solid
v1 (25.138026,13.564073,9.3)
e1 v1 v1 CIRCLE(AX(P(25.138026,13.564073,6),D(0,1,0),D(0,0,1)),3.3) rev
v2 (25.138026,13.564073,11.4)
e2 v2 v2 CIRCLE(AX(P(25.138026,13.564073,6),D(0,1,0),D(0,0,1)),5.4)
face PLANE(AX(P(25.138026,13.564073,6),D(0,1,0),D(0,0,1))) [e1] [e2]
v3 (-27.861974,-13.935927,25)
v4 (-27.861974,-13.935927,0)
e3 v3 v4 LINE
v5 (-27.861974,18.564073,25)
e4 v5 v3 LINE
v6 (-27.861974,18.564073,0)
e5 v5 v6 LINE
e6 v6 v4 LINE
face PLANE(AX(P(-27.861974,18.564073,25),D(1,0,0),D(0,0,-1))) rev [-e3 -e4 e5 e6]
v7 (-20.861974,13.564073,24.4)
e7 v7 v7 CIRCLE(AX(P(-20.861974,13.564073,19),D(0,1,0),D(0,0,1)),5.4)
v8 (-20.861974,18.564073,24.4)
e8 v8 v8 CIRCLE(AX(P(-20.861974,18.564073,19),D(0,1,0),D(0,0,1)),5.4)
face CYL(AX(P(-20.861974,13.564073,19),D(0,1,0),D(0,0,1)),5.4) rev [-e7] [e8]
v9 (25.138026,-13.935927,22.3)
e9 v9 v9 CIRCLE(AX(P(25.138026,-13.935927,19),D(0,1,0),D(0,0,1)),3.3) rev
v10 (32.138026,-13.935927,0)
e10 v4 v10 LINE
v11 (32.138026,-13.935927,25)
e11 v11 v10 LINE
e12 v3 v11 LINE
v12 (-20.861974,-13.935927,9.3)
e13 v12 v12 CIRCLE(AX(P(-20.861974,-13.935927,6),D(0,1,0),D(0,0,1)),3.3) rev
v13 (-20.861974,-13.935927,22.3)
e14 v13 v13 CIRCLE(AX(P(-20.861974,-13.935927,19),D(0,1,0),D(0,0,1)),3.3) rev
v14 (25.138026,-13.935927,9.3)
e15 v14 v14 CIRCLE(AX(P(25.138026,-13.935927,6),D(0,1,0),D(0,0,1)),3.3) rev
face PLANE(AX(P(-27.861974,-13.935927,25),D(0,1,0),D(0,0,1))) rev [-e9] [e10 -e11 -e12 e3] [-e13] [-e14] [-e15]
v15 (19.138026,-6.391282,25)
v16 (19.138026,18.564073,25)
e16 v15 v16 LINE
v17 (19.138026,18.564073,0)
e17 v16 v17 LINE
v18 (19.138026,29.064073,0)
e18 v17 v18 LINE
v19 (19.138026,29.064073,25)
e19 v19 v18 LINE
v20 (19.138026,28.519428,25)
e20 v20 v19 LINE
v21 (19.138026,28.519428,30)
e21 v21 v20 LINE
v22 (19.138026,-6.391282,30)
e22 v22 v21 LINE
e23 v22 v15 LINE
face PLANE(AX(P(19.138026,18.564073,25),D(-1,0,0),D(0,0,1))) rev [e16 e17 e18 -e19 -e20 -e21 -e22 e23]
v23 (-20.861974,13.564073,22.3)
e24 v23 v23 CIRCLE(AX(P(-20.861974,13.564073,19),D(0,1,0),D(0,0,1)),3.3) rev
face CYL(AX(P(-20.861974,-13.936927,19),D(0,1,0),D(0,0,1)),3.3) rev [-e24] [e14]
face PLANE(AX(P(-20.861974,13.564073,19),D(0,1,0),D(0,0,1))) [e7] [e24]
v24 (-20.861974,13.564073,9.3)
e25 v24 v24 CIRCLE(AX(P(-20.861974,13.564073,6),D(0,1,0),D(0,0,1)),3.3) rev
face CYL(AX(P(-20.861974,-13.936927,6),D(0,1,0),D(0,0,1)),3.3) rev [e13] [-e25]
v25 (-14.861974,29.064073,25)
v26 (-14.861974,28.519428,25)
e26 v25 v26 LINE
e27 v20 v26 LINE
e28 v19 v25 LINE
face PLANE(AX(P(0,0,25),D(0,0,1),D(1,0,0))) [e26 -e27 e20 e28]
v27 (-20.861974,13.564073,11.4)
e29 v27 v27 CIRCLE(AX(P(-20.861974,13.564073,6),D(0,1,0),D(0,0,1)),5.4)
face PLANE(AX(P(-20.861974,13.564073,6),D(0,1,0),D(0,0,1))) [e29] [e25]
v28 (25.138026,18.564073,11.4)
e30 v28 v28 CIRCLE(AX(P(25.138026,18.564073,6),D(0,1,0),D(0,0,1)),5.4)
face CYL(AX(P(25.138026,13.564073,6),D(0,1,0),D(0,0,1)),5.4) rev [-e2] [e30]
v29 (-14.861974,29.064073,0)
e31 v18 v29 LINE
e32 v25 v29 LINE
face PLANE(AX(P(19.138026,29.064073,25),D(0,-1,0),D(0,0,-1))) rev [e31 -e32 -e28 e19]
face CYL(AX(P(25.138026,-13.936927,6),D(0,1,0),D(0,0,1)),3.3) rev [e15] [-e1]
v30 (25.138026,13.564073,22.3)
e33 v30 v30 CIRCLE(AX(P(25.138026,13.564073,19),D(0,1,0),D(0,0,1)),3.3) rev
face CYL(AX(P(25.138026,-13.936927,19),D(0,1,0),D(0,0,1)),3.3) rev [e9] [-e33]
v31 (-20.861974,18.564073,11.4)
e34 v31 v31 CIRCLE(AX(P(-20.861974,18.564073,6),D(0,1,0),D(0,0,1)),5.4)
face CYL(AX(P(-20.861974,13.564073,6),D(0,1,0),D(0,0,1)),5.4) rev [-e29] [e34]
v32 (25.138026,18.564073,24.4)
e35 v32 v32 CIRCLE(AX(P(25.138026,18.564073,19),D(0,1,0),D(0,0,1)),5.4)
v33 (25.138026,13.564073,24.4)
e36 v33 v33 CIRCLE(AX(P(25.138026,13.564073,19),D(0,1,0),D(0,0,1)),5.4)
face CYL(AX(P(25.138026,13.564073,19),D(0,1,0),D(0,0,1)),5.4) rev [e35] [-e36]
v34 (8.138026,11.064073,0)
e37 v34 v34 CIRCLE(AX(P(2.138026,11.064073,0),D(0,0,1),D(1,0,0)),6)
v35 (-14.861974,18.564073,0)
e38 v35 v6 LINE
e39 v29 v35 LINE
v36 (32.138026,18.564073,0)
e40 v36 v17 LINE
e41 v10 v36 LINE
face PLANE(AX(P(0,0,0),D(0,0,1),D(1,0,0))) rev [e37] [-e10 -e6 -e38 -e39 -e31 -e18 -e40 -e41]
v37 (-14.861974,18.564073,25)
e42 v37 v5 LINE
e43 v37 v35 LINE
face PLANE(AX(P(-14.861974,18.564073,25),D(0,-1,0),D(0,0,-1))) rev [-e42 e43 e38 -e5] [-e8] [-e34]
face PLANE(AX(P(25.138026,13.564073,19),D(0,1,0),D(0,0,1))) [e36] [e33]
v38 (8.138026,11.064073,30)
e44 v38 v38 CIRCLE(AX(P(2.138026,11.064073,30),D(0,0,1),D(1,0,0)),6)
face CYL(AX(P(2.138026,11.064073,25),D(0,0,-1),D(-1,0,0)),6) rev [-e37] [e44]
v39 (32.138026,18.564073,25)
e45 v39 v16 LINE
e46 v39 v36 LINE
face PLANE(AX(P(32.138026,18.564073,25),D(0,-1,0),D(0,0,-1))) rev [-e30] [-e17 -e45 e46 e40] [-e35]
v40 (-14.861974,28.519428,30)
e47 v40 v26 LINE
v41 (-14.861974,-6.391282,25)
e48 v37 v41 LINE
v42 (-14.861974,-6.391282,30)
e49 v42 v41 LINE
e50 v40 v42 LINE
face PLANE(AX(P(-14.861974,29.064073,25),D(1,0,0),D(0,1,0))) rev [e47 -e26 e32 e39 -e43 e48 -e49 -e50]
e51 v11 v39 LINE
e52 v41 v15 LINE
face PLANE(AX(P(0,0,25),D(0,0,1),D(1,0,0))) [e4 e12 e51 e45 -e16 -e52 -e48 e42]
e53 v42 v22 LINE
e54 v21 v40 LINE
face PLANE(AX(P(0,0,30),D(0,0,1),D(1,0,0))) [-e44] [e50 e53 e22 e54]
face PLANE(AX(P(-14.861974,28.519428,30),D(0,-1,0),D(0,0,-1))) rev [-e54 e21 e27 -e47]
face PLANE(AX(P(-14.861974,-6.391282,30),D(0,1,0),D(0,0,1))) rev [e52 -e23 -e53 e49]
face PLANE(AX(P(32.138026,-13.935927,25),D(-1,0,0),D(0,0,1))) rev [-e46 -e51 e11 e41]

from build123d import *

# Parameters (mm, degrees)
ESQUISSE1_R             = 6
BOSS_EXTRU_1_DEPTH      = 25
ENL_V_MAT_EXTRU_1_REACH = 54.097
ESQUISSE2_R             = 3.3
ESQUISSE3_R             = 5.4
ENL_V_MAT_EXTRU_2_DEPTH = 5
ESQUISSE4_W             = 34
ESQUISSE4_H             = 34.910709465
ESQUISSE4_R             = 6
BOSS_EXTRU_2_DEPTH      = 5


with BuildPart() as part:
    # Esquisse1 → Boss.-Extru.1 (new body)
    with BuildSketch(Plane.XY):
        Polygon((-27.861974124, -13.935926773), (32.138025876, -13.935926773), (32.138025876, 18.564073227), (19.138025876, 18.564073227), (19.138025876, 29.064073227), (-14.861974124, 29.064073227), (-14.861974124, 18.564073227), (-27.861974124, 18.564073227), align=None)
        with Locations((2.138025876, 11.064073227)):
            Circle(ESQUISSE1_R, mode=Mode.SUBTRACT)
    extrude(amount=BOSS_EXTRU_1_DEPTH)

    # Esquisse2 → Enlèv. mat.-Extru.1 (cut, up to next)
    with BuildSketch(Plane(origin=(0, 18.564073227, 0), x_dir=(1, 0, 0), z_dir=(0, 1, 0)), mode=Mode.PRIVATE) as enl_v_mat_extru_1_sk1:
        with Locations(Location((25.138025876, -19, 0), (0, 0, 270))):
            Circle(ESQUISSE2_R)
    enl_v_mat_extru_1_tool1 = extrude(enl_v_mat_extru_1_sk1.sketch, amount=-ENL_V_MAT_EXTRU_1_REACH, mode=Mode.PRIVATE) & part.part
    # Esquisse2 → Enlèv. mat.-Extru.1 (cut, up to next)
    with BuildSketch(Plane(origin=(0, 18.564073227, 0), x_dir=(1, 0, 0), z_dir=(0, 1, 0)), mode=Mode.PRIVATE) as enl_v_mat_extru_1_sk2:
        with Locations(Location((25.138025876, -6, 0), (0, 0, 270))):
            Circle(ESQUISSE2_R)
    enl_v_mat_extru_1_tool2 = extrude(enl_v_mat_extru_1_sk2.sketch, amount=-ENL_V_MAT_EXTRU_1_REACH, mode=Mode.PRIVATE) & part.part
    # Esquisse2 → Enlèv. mat.-Extru.1 (cut, up to next)
    with BuildSketch(Plane(origin=(0, 18.564073227, 0), x_dir=(1, 0, 0), z_dir=(0, 1, 0)), mode=Mode.PRIVATE) as enl_v_mat_extru_1_sk3:
        with Locations(Location((-20.861974124, -19, 0), (0, 0, 270))):
            Circle(ESQUISSE2_R)
    enl_v_mat_extru_1_tool3 = extrude(enl_v_mat_extru_1_sk3.sketch, amount=-ENL_V_MAT_EXTRU_1_REACH, mode=Mode.PRIVATE) & part.part
    # Esquisse2 → Enlèv. mat.-Extru.1 (cut, up to next)
    with BuildSketch(Plane(origin=(0, 18.564073227, 0), x_dir=(1, 0, 0), z_dir=(0, 1, 0)), mode=Mode.PRIVATE) as enl_v_mat_extru_1_sk4:
        with Locations(Location((-20.861974124, -6, 0), (0, 0, 270))):
            Circle(ESQUISSE2_R)
    enl_v_mat_extru_1_tool4 = extrude(enl_v_mat_extru_1_sk4.sketch, amount=-ENL_V_MAT_EXTRU_1_REACH, mode=Mode.PRIVATE) & part.part
    add(enl_v_mat_extru_1_tool1.solids().sort_by_distance((25.138026, 18.564073, 19))[0], mode=Mode.SUBTRACT)
    add(enl_v_mat_extru_1_tool2.solids().sort_by_distance((25.138026, 18.564073, 6))[0], mode=Mode.SUBTRACT)
    add(enl_v_mat_extru_1_tool3.solids().sort_by_distance((-20.861974, 18.564073, 19))[0], mode=Mode.SUBTRACT)
    add(enl_v_mat_extru_1_tool4.solids().sort_by_distance((-20.861974, 18.564073, 6))[0], mode=Mode.SUBTRACT)

    # Esquisse3 → Enlèv. mat.-Extru.2 (cut)
    with BuildSketch(Plane(origin=(0, 18.564073227, 0), x_dir=(1, 0, 0), z_dir=(0, 1, 0))):
        with Locations(Location((25.138025876, -19, 0), (0, 0, 270))):
            Circle(ESQUISSE3_R)
        with Locations(Location((25.138025876, -6, 0), (0, 0, 270))):
            Circle(ESQUISSE3_R)
        with Locations(Location((-20.861974124, -6, 0), (0, 0, 270))):
            Circle(ESQUISSE3_R)
        with Locations(Location((-20.861974124, -19, 0), (0, 0, 270))):
            Circle(ESQUISSE3_R)
    extrude(amount=-ENL_V_MAT_EXTRU_2_DEPTH, mode=Mode.SUBTRACT)

    # Esquisse4 → Boss.-Extru.2 (add)
    with BuildSketch(Plane.XY.offset(25)):
        with Locations((2.138025876, 11.064073226)):
            Rectangle(ESQUISSE4_W, ESQUISSE4_H)
        with Locations((2.138025876, 11.064073227)):
            Circle(ESQUISSE4_R, mode=Mode.SUBTRACT)
    extrude(amount=BOSS_EXTRU_2_DEPTH)


solid = part.part
